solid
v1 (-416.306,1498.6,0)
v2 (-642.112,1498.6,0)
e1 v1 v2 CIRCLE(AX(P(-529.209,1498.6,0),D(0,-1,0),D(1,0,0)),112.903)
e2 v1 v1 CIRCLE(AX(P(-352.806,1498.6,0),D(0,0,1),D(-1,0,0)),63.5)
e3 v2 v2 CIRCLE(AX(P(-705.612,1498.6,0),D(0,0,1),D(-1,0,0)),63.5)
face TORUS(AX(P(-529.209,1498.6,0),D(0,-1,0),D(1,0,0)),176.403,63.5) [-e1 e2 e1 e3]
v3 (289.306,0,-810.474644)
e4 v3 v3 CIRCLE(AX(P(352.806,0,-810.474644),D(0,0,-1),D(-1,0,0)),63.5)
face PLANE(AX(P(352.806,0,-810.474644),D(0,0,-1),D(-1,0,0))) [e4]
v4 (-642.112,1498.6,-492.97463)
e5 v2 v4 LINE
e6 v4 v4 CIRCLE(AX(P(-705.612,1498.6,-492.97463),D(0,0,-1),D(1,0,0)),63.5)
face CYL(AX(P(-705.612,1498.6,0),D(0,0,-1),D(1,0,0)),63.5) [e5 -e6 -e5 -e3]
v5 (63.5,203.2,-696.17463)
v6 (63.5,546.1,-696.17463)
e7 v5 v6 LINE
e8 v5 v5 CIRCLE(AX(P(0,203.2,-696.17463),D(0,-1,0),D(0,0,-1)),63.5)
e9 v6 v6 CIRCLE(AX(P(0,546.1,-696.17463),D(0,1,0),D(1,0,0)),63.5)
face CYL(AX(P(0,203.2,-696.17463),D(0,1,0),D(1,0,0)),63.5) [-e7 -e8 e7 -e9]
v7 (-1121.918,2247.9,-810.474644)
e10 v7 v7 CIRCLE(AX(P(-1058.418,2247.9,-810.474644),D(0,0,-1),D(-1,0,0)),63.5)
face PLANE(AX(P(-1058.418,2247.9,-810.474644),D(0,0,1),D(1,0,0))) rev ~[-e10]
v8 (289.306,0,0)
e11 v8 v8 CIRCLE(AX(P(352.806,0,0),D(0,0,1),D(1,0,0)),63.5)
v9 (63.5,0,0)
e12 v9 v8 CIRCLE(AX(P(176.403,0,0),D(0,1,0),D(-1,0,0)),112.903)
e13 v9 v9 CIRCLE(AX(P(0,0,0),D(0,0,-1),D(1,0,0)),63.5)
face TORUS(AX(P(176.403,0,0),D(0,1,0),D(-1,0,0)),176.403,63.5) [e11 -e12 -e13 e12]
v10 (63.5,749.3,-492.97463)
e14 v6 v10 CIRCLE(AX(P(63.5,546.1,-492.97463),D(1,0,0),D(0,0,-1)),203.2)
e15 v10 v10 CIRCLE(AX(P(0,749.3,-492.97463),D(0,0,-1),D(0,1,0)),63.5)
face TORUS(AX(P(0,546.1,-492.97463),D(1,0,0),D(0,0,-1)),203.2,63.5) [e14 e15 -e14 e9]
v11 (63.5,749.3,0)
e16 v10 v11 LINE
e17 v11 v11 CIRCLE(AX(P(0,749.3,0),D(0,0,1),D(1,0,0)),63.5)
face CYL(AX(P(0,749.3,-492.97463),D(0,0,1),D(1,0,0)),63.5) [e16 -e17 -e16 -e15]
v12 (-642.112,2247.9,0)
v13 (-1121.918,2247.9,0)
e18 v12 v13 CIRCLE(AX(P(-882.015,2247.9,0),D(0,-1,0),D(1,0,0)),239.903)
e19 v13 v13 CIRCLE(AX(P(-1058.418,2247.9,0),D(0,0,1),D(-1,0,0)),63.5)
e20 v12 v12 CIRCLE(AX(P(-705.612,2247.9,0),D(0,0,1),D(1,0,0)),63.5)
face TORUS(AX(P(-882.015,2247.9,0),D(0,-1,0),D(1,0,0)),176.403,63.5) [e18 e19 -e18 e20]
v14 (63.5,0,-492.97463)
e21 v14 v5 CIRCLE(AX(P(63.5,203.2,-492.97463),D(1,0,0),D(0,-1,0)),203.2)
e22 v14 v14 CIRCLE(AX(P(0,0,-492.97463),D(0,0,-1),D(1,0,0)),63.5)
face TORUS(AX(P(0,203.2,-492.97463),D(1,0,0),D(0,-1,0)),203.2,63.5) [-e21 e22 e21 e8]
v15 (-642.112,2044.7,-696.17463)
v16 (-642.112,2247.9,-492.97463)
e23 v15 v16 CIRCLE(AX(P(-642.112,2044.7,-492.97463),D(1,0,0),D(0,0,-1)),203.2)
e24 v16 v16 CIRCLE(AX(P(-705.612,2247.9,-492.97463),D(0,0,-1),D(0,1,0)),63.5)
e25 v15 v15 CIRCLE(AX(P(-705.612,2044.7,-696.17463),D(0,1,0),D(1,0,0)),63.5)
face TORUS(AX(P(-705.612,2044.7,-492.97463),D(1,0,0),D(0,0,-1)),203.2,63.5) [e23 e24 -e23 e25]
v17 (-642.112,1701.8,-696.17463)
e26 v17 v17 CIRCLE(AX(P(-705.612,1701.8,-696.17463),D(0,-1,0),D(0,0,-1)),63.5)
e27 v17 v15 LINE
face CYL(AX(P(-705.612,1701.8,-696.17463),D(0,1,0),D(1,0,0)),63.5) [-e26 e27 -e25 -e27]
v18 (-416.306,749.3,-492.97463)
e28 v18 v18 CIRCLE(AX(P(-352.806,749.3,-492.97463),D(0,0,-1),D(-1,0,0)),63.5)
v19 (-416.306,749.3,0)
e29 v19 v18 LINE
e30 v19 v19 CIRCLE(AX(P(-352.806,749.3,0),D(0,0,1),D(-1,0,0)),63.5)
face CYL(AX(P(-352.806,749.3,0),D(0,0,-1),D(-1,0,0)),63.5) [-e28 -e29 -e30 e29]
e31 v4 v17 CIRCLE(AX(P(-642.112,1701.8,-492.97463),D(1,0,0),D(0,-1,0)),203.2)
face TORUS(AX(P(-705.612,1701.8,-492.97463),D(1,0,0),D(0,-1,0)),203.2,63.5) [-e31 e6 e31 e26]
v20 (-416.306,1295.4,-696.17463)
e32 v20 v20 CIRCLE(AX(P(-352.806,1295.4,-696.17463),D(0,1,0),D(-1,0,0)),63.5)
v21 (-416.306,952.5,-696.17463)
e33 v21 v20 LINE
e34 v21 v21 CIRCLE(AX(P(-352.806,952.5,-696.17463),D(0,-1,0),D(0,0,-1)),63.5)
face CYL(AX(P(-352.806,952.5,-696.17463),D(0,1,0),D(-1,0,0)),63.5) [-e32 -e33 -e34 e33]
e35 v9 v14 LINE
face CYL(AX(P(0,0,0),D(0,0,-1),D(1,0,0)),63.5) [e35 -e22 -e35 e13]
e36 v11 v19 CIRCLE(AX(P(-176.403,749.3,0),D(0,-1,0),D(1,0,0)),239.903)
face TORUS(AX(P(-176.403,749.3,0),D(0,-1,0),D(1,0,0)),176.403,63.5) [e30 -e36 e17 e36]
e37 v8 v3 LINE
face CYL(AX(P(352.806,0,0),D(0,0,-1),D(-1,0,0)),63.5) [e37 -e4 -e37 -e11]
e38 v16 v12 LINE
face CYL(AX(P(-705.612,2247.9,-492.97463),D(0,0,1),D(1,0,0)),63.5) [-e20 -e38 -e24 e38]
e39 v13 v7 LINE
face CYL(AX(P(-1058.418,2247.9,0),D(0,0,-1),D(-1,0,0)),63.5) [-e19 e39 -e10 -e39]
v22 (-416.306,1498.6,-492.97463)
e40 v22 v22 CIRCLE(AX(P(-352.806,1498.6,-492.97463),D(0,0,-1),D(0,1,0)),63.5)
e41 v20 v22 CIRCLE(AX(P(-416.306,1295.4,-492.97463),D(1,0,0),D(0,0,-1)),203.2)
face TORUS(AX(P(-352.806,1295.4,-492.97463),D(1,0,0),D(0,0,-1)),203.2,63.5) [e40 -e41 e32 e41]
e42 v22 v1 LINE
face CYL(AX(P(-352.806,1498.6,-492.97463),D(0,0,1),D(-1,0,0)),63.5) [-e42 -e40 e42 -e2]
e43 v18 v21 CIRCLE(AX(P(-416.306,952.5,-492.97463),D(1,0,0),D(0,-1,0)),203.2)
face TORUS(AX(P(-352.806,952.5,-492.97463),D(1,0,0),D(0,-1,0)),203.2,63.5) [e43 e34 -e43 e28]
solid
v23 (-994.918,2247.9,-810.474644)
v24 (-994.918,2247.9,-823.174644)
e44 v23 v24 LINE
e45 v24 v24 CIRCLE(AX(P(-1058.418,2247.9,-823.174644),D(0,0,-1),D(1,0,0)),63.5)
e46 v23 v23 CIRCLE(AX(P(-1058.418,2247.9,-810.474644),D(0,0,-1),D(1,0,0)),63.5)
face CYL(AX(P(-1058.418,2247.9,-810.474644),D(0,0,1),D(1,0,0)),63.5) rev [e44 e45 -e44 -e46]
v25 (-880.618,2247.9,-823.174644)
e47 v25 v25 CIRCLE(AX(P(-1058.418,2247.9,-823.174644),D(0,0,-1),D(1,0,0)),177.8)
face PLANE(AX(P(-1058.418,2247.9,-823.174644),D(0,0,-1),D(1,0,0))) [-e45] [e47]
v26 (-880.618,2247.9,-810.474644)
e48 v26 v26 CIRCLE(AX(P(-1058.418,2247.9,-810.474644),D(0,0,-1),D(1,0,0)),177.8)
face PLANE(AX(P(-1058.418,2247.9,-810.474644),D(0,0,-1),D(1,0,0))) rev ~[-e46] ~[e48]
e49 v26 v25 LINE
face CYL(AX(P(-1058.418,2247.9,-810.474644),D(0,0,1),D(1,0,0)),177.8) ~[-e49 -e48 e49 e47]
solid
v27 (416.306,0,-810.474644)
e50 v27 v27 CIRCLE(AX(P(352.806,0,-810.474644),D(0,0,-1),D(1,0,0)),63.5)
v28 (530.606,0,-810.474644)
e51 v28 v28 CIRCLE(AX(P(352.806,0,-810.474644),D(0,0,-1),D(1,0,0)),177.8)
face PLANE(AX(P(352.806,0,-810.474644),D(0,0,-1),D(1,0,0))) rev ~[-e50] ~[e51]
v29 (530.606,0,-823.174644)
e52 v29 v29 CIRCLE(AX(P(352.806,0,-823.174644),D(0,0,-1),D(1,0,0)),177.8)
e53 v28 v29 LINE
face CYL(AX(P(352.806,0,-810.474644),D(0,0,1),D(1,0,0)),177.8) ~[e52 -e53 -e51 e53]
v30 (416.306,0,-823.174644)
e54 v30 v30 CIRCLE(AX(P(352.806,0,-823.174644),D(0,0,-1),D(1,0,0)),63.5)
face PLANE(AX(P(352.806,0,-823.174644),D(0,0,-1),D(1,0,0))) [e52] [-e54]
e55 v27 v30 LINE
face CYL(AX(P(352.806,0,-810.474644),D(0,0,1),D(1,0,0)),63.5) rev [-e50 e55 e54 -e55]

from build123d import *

# Parameters (mm, degrees)
F12_R      = 63.5
F13_FACE_R = 63.5
F15_R      = 177.8
F15_R_2    = 63.5
F16_DEPTH  = 12.7
F17_R      = 177.8
F17_R_2    = 63.5
F18_DEPTH  = 12.7


with BuildPart() as f13:
    # F13: sweep along a path in F1, F3, F5, F7, F9, F11
    with BuildLine(Plane.YZ) as f13_path:
        Line((0, 0), (0, -492.97463))
        ThreePointArc((0, -492.97463), (59.5159020629, -636.6587279371), (203.2, -696.17463))
        Line((203.2, -696.17463), (546.1, -696.17463))
        ThreePointArc((546.1, -696.17463), (689.7840979371, -636.6587279371), (749.3, -492.97463))
        Line((749.3, -492.97463), (749.3, 0))
    with BuildLine(Plane.XZ.offset(-749.3)) as f13_path_2:
        ThreePointArc((0, 0), (-176.403, 176.403), (-352.806, 0))
    with BuildLine(Plane.YZ.offset(-352.806)) as f13_path_3:
        Line((749.3, 0), (749.3, -492.97463))
        ThreePointArc((749.3, -492.97463), (808.8159020629, -636.6587279371), (952.5, -696.17463))
        Line((952.5, -696.17463), (1295.4, -696.17463))
        ThreePointArc((1295.4, -696.17463), (1439.0840979371, -636.6587279371), (1498.6, -492.97463))
        Line((1498.6, -492.97463), (1498.6, 0))
    with BuildLine(Plane.XZ.offset(-1498.6)) as f13_path_4:
        ThreePointArc((-352.806, 0), (-529.209, 176.403), (-705.612, 0))
    with BuildLine(Plane.YZ.offset(-705.612)) as f13_path_5:
        Line((1498.6, 0), (1498.6, -492.97463))
        ThreePointArc((1498.6, -492.97463), (1558.1159020629, -636.6587279371), (1701.8, -696.17463))
        Line((1701.8, -696.17463), (2044.7, -696.17463))
        ThreePointArc((2044.7, -696.17463), (2188.3840979371, -636.6587279371), (2247.9, -492.97463))
        Line((2247.9, -492.97463), (2247.9, 0))
    with BuildLine(Plane.XZ.offset(-2247.9)) as f13_path_6:
        ThreePointArc((-705.612, 0), (-882.015, 176.403), (-1058.418, 0))
        Line((-1058.418, 0), (-1058.418, -810.474644478))
    # F12 (on Top) → F13 (sweep)
    with BuildSketch(Plane.XY):
        Circle(F12_R)
    sweep(path=f13_path.line + f13_path_2.line + f13_path_3.line + f13_path_4.line + f13_path_5.line + f13_path_6.line)

    # F14: sweep along a path in F0
    with BuildLine(Plane.XZ) as f14_path:
        ThreePointArc((0, 0), (176.403, 176.403), (352.806, 0))
        Line((352.806, 0), (352.806, -810.474644478))
    # F13_face (on face) → F14 (sweep)
    with BuildSketch(Plane.XY):
        Circle(F13_FACE_R)
    sweep(path=f14_path.line)


with BuildPart() as f16:
    # F15 (on face) → F16 (new body)
    with BuildSketch(Plane(origin=(0, 0, -810.474644478), x_dir=(1, 0, 0), z_dir=(0, 0, -1))):
        with Locations((352.806, 0)):
            Circle(F15_R)
        with Locations((352.806, 0)):
            Circle(F15_R_2, mode=Mode.SUBTRACT)
    extrude(amount=F16_DEPTH)


with BuildPart() as f18:
    # F17 (on face) → F18 (new body)
    with BuildSketch(Plane(origin=(0, 0, -810.474644478), x_dir=(1, 0, 0), z_dir=(0, 0, -1))):
        with Locations((-1058.418, -2247.9)):
            Circle(F17_R)
        with Locations((-1058.418, -2247.9)):
            Circle(F17_R_2, mode=Mode.SUBTRACT)
    extrude(amount=F18_DEPTH)


solid = Compound([f13.part, f16.part, f18.part])
